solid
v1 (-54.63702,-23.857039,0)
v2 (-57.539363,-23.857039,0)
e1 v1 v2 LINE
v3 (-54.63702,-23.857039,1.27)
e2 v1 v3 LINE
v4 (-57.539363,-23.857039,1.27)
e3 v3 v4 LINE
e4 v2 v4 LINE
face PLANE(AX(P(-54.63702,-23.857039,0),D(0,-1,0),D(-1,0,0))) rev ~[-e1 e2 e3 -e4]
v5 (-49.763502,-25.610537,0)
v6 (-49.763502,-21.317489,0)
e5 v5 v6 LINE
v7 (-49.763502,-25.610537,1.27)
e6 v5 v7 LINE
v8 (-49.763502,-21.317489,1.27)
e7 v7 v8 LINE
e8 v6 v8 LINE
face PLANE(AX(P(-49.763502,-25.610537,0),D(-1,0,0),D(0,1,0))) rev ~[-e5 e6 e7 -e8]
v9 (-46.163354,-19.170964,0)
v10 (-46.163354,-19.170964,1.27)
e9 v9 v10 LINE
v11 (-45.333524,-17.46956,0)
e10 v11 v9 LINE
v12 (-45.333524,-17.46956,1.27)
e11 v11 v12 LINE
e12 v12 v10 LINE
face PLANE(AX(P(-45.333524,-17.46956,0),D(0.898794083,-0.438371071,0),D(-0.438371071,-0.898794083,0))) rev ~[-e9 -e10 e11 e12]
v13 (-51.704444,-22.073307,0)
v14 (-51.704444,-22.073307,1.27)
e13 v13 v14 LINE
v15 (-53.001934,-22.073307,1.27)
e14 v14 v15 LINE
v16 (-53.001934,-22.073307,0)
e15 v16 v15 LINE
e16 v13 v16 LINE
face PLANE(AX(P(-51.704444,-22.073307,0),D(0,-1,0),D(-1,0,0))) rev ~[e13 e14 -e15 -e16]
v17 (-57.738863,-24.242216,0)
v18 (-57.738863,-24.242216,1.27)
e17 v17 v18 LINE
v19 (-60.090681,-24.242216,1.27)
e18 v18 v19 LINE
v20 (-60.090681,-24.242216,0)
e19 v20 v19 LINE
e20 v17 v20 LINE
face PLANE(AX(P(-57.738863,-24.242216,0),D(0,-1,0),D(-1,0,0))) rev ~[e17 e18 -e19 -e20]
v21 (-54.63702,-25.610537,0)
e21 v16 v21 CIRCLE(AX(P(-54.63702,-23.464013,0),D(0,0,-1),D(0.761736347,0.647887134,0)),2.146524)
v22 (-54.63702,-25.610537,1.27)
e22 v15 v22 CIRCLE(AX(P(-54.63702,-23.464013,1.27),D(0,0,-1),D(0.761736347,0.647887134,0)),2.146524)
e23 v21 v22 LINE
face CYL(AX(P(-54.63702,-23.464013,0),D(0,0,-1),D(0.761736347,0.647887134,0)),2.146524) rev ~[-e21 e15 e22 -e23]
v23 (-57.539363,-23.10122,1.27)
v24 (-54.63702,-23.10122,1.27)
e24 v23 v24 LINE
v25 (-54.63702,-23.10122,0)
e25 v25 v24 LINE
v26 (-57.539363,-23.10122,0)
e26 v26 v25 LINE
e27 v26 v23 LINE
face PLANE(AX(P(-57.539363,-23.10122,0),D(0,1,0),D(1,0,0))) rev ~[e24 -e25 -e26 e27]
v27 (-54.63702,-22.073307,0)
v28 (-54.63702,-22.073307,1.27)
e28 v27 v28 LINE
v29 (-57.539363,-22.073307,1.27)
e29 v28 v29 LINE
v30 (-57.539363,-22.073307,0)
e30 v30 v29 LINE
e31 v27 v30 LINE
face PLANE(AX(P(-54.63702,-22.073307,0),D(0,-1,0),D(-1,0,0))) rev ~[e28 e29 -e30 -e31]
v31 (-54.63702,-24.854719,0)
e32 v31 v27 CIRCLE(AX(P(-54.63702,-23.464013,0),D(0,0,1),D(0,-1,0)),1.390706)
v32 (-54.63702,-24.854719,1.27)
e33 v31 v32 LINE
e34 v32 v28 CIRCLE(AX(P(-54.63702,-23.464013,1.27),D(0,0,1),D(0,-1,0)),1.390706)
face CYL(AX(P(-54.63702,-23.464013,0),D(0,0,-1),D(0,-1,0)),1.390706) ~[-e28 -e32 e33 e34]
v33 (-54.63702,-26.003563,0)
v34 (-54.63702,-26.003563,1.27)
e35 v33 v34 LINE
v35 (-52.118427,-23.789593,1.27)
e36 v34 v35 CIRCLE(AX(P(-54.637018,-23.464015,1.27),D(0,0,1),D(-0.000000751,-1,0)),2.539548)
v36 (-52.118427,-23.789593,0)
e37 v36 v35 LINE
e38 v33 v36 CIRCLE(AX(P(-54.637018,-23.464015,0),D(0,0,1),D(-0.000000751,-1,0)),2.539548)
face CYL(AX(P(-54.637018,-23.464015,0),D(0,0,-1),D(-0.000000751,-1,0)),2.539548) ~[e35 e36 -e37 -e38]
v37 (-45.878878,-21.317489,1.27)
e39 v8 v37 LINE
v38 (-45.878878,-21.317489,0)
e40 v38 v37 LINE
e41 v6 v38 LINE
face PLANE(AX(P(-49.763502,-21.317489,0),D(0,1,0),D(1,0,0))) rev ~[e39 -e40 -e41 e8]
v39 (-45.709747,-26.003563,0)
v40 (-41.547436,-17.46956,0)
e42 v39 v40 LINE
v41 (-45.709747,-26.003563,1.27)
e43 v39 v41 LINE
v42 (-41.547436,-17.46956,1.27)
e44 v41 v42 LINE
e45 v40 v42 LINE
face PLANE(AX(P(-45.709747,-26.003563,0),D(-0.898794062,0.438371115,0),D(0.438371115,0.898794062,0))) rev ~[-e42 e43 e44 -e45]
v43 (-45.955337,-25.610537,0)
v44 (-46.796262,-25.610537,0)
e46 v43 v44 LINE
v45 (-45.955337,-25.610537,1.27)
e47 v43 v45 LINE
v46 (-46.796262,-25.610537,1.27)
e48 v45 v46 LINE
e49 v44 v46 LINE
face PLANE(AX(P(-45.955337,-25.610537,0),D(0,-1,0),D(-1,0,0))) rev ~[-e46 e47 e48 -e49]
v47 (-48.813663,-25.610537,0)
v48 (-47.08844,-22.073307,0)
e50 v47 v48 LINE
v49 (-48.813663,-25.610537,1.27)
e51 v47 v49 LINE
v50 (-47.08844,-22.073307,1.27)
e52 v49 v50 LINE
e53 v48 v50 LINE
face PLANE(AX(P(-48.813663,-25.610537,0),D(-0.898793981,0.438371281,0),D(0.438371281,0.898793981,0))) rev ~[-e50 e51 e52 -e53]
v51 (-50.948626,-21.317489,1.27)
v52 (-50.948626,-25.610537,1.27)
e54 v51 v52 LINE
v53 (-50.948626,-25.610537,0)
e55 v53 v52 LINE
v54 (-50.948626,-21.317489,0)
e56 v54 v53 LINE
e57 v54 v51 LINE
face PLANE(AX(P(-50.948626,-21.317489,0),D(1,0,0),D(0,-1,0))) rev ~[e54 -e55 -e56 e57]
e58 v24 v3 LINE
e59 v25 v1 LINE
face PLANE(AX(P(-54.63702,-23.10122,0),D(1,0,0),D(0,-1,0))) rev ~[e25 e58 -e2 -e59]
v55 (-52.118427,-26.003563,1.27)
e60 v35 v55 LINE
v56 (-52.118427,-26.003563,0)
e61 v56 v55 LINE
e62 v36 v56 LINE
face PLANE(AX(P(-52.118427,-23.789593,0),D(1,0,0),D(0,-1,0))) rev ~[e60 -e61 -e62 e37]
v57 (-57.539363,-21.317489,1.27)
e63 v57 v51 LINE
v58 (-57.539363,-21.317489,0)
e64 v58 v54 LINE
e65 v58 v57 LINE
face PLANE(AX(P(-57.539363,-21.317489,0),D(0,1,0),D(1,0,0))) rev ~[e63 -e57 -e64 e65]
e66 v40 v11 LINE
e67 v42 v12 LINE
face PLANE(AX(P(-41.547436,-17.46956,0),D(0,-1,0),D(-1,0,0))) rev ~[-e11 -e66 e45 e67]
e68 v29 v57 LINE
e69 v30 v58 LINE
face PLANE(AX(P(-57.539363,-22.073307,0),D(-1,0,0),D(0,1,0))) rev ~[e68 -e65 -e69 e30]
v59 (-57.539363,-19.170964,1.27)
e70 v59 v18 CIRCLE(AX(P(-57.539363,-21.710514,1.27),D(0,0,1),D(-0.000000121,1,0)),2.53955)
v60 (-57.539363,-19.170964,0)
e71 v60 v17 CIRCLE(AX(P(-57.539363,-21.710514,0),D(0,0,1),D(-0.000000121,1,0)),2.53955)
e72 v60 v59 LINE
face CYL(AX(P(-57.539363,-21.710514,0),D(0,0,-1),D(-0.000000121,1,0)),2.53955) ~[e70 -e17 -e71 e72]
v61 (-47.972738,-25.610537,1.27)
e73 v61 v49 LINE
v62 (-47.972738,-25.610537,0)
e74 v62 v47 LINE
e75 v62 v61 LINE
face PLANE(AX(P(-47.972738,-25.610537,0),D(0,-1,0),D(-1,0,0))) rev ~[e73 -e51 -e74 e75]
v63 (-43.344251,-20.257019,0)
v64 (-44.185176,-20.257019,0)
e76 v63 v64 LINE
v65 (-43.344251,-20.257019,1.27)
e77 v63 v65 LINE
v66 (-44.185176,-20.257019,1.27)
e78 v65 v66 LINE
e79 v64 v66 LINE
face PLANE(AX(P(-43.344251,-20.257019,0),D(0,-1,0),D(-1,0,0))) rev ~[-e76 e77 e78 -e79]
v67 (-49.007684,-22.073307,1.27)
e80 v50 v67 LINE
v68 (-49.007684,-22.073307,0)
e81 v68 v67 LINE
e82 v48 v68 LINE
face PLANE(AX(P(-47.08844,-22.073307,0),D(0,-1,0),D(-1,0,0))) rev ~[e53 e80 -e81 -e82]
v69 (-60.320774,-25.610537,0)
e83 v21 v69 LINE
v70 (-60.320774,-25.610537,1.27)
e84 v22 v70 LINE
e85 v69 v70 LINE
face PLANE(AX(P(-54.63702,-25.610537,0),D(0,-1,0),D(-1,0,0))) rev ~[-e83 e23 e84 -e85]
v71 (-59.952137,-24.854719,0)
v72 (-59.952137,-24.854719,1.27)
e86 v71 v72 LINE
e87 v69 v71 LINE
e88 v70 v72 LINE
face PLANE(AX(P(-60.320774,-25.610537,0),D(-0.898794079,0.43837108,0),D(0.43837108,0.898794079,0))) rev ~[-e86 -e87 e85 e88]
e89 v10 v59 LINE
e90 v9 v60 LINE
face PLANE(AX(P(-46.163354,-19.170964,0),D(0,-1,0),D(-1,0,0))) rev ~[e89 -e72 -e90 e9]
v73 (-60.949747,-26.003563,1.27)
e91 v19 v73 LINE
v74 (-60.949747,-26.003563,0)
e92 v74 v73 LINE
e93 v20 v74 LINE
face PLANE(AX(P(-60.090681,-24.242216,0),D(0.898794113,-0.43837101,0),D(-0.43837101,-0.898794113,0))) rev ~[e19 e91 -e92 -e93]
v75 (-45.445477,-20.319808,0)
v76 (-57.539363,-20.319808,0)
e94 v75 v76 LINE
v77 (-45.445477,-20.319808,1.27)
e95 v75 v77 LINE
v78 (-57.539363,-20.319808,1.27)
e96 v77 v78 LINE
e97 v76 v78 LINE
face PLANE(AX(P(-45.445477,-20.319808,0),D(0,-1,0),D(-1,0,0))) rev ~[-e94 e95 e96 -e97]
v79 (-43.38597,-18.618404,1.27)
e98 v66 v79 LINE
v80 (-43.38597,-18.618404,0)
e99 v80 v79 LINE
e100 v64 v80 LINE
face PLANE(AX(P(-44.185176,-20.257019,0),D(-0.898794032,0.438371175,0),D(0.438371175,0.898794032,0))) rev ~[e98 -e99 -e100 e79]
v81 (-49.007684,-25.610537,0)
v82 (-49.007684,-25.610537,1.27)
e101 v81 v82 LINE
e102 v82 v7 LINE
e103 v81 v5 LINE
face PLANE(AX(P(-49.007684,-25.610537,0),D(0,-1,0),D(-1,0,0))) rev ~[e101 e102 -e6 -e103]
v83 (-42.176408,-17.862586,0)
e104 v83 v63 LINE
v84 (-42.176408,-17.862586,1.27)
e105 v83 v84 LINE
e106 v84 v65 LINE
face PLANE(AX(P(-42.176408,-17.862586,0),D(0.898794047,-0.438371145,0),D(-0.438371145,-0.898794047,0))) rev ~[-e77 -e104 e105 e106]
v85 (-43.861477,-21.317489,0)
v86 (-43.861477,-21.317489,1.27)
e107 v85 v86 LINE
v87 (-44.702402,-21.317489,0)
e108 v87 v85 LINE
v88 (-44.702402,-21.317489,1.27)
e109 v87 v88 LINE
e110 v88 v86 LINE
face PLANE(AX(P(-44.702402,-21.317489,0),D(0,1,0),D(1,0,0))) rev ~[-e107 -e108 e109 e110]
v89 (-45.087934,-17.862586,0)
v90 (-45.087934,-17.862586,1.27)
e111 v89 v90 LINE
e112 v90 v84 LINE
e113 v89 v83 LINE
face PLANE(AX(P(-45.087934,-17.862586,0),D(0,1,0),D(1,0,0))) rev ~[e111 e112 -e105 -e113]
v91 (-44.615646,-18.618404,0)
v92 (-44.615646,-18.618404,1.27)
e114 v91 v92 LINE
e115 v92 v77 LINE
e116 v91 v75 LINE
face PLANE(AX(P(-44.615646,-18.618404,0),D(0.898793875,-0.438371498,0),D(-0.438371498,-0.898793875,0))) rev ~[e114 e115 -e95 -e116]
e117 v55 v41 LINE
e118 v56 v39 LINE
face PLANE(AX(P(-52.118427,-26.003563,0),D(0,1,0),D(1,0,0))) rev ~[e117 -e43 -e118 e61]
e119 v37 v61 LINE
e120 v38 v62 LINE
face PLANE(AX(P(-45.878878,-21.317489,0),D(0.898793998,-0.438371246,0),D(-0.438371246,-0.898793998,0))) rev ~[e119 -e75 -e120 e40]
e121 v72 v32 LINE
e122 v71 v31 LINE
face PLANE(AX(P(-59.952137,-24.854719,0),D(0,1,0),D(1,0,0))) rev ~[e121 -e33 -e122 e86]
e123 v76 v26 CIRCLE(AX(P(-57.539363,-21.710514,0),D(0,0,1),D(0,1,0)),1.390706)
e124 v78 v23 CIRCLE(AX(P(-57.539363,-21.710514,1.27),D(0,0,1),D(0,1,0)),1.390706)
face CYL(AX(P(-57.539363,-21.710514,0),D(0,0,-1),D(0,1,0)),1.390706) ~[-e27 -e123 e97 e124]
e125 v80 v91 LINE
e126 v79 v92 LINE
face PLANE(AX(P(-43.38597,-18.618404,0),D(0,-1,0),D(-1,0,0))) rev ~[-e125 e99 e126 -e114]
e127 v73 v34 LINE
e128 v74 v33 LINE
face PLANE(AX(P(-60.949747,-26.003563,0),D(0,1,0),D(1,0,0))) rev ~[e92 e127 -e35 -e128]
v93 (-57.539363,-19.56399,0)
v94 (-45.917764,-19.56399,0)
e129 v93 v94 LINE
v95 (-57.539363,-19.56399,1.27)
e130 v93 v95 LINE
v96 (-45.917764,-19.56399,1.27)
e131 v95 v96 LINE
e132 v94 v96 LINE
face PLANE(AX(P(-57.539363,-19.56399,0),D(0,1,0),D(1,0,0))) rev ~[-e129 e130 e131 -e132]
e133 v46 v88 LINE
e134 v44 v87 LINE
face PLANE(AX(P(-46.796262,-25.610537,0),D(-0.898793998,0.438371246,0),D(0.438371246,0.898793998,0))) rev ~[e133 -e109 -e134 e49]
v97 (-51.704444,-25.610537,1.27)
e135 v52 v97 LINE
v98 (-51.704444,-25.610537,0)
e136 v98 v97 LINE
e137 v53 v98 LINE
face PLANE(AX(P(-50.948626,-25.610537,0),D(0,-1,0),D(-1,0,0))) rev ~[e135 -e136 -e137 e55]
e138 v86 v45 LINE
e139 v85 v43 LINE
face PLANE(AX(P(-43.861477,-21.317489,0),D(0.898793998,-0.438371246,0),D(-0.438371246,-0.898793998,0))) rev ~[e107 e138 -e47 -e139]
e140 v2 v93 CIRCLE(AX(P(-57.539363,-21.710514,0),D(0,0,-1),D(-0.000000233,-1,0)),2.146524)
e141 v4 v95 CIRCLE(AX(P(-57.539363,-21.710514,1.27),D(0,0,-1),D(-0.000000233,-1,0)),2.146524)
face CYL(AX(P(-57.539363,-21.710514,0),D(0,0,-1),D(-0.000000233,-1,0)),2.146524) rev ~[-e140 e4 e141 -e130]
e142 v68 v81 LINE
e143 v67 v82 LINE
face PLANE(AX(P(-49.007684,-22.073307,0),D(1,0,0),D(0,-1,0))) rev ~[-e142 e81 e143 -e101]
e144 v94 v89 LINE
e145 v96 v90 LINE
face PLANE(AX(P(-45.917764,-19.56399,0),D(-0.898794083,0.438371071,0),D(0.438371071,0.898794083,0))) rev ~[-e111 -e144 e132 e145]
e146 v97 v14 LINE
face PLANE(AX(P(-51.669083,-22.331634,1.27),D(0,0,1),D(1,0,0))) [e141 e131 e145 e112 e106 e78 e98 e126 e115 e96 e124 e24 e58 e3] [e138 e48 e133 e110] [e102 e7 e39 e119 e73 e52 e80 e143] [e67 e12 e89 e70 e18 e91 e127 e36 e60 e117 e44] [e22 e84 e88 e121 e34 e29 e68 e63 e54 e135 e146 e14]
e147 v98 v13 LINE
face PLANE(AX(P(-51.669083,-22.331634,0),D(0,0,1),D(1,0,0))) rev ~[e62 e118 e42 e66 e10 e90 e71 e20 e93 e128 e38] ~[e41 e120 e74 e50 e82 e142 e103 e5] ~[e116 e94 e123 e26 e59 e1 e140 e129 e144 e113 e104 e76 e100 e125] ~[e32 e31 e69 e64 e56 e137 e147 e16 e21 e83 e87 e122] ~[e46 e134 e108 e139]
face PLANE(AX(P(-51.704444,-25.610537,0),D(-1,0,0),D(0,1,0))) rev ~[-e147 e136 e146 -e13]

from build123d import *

# Parameters (mm, degrees)
F1_DEPTH = 1.27


with BuildPart() as f1:
    # F0 (on Top) → F1 (new body)
    with BuildSketch(Plane.XY):
        with BuildLine():
            Line((-60.090681, -24.242216), (-60.949747, -26.003563))
            Line((-60.949747, -26.003563), (-54.63702, -26.003563))
            ThreePointArc((-54.63702, -26.003563), (-52.960343, -25.371386), (-52.118427, -23.789593))
            Line((-52.118427, -23.789593), (-52.118427, -26.003563))
            Line((-52.118427, -26.003563), (-45.709747, -26.003563))
            Line((-45.709747, -26.003563), (-41.547436, -17.46956))
            Line((-41.547436, -17.46956), (-45.333524, -17.46956))
            Line((-45.333524, -17.46956), (-46.163354, -19.170964))
            Line((-46.163354, -19.170964), (-57.539363, -19.170964))
            ThreePointArc((-57.539363, -19.170964), (-60.07695, -21.610687), (-57.738863, -24.242216))
            Line((-57.738863, -24.242216), (-60.090681, -24.242216))
        make_face()
        with BuildLine():
            Line((-54.63702, -25.610537), (-60.320774, -25.610537))
            Line((-60.320774, -25.610537), (-59.952137, -24.854719))
            Line((-59.952137, -24.854719), (-54.63702, -24.854719))
            ThreePointArc((-54.63702, -24.854719), (-53.246314, -23.464013), (-54.63702, -22.073307))
            Line((-54.63702, -22.073307), (-57.539363, -22.073307))
            Line((-57.539363, -22.073307), (-57.539363, -21.317489))
            Line((-57.539363, -21.317489), (-50.948626, -21.317489))
            Line((-50.948626, -21.317489), (-50.948626, -25.610537))
            Line((-50.948626, -25.610537), (-51.704444, -25.610537))
            Line((-51.704444, -25.610537), (-51.704444, -22.073307))
            Line((-51.704444, -22.073307), (-53.001934, -22.073307))
            ThreePointArc((-53.001934, -22.073307), (-52.688591, -24.364675), (-54.63702, -25.610537))
        make_face(mode=Mode.SUBTRACT)
        Polygon((-49.007684, -25.610537), (-49.763502, -25.610537), (-49.763502, -21.317489), (-45.878878, -21.317489), (-47.972738, -25.610537), (-48.813663, -25.610537), (-47.08844, -22.073307), (-49.007684, -22.073307), align=None, mode=Mode.SUBTRACT)
        Polygon((-45.955337, -25.610537), (-46.796262, -25.610537), (-44.702402, -21.317489), (-43.861477, -21.317489), align=None, mode=Mode.SUBTRACT)
        with BuildLine():
            Line((-54.63702, -23.10122), (-54.63702, -23.857039))
            Line((-54.63702, -23.857039), (-57.539363, -23.857039))
            ThreePointArc((-57.539363, -23.857039), (-59.685887, -21.710514), (-57.539363, -19.56399))
            Line((-57.539363, -19.56399), (-45.917764, -19.56399))
            Line((-45.917764, -19.56399), (-45.087934, -17.862586))
            Line((-45.087934, -17.862586), (-42.176408, -17.862586))
            Line((-42.176408, -17.862586), (-43.344251, -20.257019))
            Line((-43.344251, -20.257019), (-44.185176, -20.257019))
            Line((-44.185176, -20.257019), (-43.38597, -18.618404))
            Line((-43.38597, -18.618404), (-44.615646, -18.618404))
            Line((-44.615646, -18.618404), (-45.445477, -20.319808))
            Line((-45.445477, -20.319808), (-57.539363, -20.319808))
            ThreePointArc((-57.539363, -20.319808), (-58.930069, -21.710514), (-57.539363, -23.10122))
            Line((-57.539363, -23.10122), (-54.63702, -23.10122))
        make_face(mode=Mode.SUBTRACT)
    extrude(amount=F1_DEPTH)


solid = f1.part
